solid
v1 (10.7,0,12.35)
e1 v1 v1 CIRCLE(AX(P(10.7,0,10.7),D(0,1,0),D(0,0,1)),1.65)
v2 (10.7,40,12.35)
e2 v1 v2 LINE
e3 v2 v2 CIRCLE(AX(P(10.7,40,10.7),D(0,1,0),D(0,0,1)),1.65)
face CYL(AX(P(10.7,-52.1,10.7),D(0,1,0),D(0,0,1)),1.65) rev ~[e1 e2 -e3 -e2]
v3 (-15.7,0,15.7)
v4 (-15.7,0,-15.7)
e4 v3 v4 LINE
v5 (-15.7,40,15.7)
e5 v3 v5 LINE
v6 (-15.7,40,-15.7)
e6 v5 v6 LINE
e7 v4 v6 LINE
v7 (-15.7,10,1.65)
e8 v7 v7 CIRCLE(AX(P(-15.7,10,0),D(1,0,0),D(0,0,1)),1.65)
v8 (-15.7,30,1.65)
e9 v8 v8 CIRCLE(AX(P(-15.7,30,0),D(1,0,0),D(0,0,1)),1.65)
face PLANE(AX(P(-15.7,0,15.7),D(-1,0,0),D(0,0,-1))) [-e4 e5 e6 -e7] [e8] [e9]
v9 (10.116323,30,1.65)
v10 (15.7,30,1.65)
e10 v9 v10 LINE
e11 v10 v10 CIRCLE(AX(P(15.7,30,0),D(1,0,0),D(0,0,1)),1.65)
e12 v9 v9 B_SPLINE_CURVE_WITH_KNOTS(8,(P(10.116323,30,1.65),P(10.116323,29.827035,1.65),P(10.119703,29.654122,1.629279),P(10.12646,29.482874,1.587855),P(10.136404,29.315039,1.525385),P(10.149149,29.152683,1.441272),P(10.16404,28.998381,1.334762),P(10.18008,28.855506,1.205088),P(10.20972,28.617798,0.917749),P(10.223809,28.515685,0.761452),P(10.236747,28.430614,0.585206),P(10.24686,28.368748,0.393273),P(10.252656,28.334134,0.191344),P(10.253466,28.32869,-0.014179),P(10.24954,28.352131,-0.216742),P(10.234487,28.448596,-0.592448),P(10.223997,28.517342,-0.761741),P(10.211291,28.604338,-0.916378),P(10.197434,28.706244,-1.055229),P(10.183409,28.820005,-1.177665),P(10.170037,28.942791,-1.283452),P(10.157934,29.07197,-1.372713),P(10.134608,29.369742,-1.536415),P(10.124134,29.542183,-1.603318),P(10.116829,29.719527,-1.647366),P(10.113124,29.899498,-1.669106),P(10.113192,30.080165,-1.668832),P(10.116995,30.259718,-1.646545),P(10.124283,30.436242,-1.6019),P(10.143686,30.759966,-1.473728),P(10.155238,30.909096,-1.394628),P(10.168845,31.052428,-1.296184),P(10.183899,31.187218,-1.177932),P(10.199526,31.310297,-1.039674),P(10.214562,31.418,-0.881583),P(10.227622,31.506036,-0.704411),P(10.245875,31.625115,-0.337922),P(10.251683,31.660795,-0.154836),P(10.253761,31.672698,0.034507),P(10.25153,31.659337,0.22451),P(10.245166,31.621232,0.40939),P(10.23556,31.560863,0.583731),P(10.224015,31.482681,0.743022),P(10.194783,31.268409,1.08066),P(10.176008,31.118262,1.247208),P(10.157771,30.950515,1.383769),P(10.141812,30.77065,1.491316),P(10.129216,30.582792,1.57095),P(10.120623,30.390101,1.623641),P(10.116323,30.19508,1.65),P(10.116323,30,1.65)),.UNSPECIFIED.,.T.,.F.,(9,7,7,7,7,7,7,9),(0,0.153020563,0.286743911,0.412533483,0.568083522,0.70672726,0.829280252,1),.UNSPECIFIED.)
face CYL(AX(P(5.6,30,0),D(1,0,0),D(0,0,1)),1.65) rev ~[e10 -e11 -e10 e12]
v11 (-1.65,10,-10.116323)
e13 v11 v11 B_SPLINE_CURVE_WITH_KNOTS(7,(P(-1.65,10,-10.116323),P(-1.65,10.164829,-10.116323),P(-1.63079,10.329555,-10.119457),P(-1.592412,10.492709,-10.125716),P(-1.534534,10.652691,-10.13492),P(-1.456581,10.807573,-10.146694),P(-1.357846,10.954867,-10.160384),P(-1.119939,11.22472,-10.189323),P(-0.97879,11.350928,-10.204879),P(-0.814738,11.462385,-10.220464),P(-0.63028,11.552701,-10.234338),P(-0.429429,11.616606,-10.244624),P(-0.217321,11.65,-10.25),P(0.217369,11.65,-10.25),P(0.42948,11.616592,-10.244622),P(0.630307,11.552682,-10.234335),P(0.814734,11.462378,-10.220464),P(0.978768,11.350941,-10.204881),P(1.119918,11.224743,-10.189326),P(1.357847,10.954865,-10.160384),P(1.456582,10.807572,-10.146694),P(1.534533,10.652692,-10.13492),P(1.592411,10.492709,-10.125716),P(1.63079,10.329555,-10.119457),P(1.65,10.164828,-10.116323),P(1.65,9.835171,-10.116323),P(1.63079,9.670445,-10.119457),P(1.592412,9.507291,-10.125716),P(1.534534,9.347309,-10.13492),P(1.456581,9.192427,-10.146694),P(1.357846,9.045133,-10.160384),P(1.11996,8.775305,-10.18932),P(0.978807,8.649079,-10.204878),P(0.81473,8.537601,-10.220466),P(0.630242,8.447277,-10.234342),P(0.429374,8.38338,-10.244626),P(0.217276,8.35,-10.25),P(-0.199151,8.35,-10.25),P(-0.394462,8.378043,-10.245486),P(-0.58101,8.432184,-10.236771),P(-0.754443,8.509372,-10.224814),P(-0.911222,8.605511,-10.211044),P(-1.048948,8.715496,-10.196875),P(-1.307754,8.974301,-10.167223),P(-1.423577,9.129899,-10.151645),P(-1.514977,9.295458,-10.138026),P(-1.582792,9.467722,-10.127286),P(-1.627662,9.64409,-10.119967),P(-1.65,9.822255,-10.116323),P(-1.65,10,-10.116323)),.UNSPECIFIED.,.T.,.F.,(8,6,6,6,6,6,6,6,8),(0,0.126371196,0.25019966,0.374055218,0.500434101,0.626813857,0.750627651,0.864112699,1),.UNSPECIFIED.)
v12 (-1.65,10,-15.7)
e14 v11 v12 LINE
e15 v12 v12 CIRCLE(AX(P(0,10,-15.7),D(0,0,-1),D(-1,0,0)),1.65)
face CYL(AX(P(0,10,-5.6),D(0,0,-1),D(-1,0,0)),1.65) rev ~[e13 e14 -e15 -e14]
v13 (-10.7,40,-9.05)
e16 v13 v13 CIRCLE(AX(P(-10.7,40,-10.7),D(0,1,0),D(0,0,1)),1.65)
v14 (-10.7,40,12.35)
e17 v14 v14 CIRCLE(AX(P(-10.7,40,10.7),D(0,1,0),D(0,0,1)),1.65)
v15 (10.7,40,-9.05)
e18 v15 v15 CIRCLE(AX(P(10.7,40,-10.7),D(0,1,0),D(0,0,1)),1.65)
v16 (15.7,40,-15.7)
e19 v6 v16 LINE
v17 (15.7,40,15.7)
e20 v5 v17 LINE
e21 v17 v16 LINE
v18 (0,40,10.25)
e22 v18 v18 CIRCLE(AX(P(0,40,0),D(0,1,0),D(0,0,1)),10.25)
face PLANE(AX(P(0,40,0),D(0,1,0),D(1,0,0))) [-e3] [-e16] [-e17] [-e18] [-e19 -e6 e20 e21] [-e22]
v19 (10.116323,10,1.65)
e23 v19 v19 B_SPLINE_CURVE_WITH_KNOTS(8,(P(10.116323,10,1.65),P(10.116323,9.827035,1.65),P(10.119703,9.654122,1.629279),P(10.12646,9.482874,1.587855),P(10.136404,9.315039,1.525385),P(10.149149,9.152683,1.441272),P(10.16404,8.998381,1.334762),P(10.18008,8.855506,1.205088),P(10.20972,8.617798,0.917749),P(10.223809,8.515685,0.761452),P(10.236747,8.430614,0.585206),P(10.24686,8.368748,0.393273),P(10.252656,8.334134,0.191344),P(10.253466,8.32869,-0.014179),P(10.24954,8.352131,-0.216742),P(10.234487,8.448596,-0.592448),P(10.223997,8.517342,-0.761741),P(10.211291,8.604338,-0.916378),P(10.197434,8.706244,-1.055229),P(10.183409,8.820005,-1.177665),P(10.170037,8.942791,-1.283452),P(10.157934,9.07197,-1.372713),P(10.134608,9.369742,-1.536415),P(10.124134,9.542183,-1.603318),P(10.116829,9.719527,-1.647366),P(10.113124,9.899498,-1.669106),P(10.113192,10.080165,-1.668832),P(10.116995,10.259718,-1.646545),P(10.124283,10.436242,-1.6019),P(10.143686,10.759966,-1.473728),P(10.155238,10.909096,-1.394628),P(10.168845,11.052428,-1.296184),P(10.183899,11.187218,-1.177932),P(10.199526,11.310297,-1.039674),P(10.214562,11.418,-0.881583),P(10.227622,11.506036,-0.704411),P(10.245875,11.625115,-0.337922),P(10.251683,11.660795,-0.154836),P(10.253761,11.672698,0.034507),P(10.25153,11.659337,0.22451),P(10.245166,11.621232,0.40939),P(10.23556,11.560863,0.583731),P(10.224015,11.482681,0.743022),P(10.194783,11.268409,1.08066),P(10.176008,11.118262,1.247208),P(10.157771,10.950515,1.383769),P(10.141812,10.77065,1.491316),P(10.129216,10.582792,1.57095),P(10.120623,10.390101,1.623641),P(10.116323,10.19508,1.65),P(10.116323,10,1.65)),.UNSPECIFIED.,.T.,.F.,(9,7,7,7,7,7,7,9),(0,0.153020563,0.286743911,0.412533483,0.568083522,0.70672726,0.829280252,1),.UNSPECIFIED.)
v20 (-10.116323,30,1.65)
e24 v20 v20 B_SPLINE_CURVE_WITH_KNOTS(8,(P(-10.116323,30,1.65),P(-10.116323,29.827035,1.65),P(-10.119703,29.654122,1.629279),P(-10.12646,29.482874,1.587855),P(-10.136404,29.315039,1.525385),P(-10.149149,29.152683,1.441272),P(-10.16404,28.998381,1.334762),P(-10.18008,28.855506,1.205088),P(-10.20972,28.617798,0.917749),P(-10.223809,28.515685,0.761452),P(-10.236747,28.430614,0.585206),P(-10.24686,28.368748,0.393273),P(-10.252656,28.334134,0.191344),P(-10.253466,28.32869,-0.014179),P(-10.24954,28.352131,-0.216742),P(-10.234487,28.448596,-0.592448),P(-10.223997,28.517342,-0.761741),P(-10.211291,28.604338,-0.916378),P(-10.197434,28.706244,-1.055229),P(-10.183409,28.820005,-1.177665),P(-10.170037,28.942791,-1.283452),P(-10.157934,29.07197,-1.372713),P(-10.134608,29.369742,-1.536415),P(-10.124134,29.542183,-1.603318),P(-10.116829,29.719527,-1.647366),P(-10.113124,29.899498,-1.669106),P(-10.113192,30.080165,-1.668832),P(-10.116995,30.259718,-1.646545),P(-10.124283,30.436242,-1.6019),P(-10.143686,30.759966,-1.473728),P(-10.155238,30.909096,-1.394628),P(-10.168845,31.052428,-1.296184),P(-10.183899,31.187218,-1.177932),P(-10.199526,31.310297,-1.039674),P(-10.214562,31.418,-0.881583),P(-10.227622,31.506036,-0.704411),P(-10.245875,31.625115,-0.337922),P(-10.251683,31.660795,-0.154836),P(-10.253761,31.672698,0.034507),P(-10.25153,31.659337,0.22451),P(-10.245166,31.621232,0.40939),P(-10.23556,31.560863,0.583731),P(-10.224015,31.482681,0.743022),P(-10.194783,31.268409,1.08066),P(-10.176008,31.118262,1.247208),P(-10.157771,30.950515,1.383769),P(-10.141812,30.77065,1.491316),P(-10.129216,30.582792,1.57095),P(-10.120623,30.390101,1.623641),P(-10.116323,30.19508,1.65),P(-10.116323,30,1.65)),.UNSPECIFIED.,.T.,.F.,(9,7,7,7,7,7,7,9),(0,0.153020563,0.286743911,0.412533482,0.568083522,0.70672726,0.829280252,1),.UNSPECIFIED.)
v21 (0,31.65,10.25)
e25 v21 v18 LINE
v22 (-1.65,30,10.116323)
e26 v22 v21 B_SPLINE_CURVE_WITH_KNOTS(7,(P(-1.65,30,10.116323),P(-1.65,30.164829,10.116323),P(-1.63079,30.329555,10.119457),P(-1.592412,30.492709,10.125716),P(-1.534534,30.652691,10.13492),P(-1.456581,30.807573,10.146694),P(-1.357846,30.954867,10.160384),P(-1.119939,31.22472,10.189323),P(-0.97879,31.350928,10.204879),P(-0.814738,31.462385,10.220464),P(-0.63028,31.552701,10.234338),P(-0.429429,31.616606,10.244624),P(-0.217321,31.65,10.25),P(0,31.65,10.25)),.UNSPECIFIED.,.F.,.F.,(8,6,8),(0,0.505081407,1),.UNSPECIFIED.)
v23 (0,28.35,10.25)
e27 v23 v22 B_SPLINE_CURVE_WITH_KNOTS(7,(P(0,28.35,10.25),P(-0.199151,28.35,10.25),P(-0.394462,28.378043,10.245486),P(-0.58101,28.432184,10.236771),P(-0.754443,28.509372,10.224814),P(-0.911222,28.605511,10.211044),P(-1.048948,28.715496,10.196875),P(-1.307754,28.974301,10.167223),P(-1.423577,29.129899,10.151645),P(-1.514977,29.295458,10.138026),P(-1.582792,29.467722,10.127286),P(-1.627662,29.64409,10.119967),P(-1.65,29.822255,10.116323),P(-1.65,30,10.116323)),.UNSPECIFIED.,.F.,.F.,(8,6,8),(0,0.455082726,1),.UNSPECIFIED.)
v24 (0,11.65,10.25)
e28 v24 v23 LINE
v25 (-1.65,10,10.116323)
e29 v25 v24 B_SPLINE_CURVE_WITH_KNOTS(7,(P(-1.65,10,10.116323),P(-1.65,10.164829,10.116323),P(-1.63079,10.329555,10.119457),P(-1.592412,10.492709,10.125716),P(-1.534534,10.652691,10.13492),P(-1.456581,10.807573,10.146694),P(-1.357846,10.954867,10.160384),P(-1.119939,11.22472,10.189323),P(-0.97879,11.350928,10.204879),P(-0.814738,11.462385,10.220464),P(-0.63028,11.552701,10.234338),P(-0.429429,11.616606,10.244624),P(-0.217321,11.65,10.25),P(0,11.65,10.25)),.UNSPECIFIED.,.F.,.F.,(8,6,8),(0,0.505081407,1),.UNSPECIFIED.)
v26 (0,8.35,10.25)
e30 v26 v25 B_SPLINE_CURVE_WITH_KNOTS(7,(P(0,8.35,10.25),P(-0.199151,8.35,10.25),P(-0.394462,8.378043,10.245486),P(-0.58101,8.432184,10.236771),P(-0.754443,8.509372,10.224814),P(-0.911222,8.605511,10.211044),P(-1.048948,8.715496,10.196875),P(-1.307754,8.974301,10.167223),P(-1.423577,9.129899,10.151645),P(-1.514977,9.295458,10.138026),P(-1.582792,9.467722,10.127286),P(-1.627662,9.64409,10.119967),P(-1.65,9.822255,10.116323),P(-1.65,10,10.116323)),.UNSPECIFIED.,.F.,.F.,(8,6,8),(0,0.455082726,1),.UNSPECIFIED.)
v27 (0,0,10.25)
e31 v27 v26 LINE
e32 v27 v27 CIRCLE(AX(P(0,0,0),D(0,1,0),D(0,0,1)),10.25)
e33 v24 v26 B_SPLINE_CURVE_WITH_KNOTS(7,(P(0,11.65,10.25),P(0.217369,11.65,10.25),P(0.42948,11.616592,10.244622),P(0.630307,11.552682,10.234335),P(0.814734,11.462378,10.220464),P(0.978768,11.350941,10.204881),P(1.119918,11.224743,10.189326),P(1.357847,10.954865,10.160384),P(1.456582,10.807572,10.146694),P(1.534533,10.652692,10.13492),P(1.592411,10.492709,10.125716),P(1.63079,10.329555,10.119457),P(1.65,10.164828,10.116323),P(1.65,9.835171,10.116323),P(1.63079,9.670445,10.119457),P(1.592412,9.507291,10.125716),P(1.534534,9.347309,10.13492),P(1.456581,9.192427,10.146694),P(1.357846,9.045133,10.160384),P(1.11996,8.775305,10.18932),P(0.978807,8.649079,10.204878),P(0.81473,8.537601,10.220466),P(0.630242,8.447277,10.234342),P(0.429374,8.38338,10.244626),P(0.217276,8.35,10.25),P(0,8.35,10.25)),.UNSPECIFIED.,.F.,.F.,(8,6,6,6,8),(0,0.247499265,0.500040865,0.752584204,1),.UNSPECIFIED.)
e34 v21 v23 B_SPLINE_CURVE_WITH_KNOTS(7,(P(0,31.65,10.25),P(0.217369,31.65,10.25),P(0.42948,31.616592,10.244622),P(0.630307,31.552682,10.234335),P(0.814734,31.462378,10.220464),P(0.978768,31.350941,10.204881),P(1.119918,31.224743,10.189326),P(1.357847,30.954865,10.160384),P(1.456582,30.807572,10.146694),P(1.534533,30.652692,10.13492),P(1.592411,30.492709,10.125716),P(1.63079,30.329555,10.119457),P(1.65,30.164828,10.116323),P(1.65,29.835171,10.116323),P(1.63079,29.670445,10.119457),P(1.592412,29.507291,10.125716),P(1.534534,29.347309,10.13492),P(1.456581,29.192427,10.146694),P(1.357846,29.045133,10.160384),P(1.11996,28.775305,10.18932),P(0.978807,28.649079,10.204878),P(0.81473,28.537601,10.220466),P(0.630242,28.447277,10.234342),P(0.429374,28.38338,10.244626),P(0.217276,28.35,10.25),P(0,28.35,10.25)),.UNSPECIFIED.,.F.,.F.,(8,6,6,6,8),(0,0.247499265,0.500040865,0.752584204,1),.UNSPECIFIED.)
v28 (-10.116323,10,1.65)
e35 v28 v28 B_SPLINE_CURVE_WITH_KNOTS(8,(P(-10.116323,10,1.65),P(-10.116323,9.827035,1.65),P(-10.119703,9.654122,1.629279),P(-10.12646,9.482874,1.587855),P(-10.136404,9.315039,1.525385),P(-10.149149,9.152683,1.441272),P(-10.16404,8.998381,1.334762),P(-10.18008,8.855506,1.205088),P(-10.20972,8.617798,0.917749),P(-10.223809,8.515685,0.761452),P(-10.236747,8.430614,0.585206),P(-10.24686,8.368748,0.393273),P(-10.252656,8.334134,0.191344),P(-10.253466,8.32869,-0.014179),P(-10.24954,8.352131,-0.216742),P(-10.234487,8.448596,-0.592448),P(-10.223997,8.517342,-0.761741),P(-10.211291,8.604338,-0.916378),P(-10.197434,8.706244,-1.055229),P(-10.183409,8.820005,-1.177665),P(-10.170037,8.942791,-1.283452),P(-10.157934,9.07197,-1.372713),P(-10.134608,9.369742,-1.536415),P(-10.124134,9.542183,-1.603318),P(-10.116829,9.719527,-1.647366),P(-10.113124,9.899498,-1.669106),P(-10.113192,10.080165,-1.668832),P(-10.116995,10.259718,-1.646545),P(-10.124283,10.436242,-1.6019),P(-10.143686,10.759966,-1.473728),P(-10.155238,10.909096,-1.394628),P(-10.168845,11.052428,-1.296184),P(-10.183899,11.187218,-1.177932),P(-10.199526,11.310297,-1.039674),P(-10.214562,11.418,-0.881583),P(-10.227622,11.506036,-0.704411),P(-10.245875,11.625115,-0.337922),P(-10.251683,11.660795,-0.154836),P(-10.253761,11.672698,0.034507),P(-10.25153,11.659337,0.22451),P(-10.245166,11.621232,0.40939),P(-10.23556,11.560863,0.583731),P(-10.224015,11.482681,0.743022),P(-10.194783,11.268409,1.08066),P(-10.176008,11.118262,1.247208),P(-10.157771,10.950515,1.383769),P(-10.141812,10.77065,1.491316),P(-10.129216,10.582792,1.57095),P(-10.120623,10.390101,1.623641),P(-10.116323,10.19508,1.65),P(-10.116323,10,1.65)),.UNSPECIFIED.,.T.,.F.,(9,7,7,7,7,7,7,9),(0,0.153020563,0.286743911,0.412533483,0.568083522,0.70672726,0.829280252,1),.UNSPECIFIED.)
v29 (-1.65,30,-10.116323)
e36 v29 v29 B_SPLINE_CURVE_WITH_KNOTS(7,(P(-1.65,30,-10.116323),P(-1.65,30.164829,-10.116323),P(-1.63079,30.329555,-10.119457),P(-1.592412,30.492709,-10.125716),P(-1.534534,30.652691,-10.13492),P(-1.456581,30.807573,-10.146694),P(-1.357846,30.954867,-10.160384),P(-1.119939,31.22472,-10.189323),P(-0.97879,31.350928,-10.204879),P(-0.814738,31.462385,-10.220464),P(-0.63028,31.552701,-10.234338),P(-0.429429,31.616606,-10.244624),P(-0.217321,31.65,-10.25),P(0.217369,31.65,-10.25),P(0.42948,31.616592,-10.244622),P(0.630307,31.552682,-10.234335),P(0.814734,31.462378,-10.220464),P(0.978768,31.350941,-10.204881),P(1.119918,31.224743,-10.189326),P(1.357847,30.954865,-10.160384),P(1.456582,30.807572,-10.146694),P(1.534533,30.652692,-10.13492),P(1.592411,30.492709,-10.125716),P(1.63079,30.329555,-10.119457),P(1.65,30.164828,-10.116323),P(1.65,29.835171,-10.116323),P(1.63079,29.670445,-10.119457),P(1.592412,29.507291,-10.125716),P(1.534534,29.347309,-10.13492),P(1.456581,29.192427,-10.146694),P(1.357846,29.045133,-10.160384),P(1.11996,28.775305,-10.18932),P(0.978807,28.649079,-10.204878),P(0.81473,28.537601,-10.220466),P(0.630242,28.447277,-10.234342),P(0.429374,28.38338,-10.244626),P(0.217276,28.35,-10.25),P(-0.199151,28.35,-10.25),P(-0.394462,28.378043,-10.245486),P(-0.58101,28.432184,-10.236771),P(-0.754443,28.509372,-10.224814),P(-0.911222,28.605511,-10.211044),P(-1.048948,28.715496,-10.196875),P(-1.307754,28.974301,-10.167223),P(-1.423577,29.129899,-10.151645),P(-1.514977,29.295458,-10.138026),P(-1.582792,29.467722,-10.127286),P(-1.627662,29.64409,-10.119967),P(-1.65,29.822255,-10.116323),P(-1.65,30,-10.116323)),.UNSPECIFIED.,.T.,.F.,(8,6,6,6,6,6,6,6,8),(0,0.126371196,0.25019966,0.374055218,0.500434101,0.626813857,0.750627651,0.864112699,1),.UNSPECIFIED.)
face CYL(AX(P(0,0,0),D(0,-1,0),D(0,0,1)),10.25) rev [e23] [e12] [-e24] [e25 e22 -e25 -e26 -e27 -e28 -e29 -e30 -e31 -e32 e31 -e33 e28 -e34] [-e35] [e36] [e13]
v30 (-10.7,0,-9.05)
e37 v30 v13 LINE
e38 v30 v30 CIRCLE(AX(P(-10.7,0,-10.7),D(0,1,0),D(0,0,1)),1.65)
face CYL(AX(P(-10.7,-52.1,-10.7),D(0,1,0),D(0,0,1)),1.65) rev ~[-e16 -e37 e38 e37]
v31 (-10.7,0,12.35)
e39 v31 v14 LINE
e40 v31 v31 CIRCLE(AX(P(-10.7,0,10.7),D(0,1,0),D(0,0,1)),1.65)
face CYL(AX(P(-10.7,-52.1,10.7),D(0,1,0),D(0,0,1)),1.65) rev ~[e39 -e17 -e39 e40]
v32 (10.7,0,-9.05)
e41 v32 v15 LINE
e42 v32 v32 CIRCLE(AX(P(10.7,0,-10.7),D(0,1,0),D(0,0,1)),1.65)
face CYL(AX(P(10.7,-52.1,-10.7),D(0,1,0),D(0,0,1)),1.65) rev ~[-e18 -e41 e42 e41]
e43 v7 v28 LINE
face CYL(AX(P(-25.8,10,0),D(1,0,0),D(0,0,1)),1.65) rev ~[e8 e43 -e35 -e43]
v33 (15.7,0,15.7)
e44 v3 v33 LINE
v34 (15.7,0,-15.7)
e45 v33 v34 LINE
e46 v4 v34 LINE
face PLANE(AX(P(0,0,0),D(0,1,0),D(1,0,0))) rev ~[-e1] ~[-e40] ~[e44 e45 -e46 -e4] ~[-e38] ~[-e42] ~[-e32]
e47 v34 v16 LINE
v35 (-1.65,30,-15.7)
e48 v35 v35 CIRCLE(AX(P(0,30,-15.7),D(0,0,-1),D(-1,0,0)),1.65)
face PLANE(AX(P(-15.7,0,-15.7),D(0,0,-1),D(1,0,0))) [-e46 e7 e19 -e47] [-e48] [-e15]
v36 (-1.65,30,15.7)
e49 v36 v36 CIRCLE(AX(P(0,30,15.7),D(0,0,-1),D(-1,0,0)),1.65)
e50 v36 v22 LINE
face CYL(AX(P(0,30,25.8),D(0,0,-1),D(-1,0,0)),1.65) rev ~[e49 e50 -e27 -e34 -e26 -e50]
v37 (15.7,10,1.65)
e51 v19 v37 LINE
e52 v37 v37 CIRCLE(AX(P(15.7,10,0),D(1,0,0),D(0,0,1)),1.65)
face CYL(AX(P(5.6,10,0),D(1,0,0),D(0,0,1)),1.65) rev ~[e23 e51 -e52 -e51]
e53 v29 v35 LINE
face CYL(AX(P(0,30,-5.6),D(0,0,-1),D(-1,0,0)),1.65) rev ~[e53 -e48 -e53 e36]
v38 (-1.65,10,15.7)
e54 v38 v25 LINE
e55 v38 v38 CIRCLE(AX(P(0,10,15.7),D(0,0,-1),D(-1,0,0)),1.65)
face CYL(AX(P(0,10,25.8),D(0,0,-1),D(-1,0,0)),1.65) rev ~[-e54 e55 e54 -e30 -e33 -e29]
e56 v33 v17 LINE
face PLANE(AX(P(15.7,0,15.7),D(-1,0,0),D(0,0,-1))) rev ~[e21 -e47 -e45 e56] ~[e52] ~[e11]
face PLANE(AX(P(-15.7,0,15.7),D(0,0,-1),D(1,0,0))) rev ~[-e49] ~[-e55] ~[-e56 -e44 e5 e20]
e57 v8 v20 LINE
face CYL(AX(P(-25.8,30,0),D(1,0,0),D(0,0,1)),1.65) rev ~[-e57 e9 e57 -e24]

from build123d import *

# Parameters (mm, degrees)
SKETCH1_W                       = 31.4
SKETCH1_H                       = 31.4
SKETCH1_R                       = 10.25
BOSS_EXTRUDE1_DEPTH             = 40
SKETCH2_R                       = 1.5
CUT_EXTRUDE1_DEPTH              = 40
M4_TAPPED_HOLE1_D               = 3.3
M4_TAPPED_HOLE1_DEPTH           = 10.1
M4_TAPPED_HOLE1_TIP             = 0.991420021
M4_TAPPED_HOLE1_ON_FACE_2_D     = 3.3
M4_TAPPED_HOLE1_ON_FACE_2_DEPTH = 10.1
M4_TAPPED_HOLE1_ON_FACE_2_TIP   = 0.991420021
SKETCH5_R                       = 1.5
CUT_EXTRUDE2_DEPTH              = 40
M4_TAPPED_HOLE2_D               = 3.3
M4_TAPPED_HOLE2_DEPTH           = 10.1
M4_TAPPED_HOLE2_TIP             = 0.991420021
M4_TAPPED_HOLE2_ON_FACE_2_D     = 3.3
M4_TAPPED_HOLE2_ON_FACE_2_DEPTH = 10.1
M4_TAPPED_HOLE2_ON_FACE_2_TIP   = 0.991420021
SKETCH8_R                       = 1.5
CUT_EXTRUDE3_DEPTH              = 30
M4_TAPPED_HOLE3_D               = 3.3
M4_TAPPED_HOLE3_DEPTH           = 52.1
M4_TAPPED_HOLE3_TIP             = 0.991420021


with BuildPart() as part:
    # Sketch1 → Boss-Extrude1 (new body)
    with BuildSketch(Plane(origin=(0, 0, 0), x_dir=(1, 0, 0), z_dir=(0, 1, 0))):
        Rectangle(SKETCH1_W, SKETCH1_H)
        with Locations(Location((0, 0, 0), (0, 0, 270))):
            Circle(SKETCH1_R, mode=Mode.SUBTRACT)
    extrude(amount=BOSS_EXTRUDE1_DEPTH)

    # Sketch2 → Cut-Extrude1 (cut)
    with BuildSketch(Plane(origin=(15.7, 0, 0), x_dir=(0, 0, -1), z_dir=(1, 0, 0))):
        with Locations((0, 30)):
            Circle(SKETCH2_R)
        with Locations((0, 10)):
            Circle(SKETCH2_R)
    extrude(amount=-CUT_EXTRUDE1_DEPTH, mode=Mode.SUBTRACT)

    # M4 Tapped Hole1
    with Locations(Plane(origin=(-15.7, 10, 0), x_dir=(0, 0, -1), z_dir=(-1, 0, 0))):
        with Locations((0, 0), (0, -20)):
            Hole(M4_TAPPED_HOLE1_D / 2, depth=M4_TAPPED_HOLE1_DEPTH)
            with Locations((0, 0, -(M4_TAPPED_HOLE1_DEPTH + M4_TAPPED_HOLE1_TIP / 2))):  # 118° drill point
                Cone(0, M4_TAPPED_HOLE1_D / 2, M4_TAPPED_HOLE1_TIP, mode=Mode.SUBTRACT)

    # M4 Tapped Hole1 on face 2
    with Locations(Plane(origin=(15.7, 30, 0), x_dir=(0, 0, -1), z_dir=(-1, 0, 0))):
        with Locations((0, 0), (0, 20)):
            Hole(M4_TAPPED_HOLE1_ON_FACE_2_D / 2, depth=M4_TAPPED_HOLE1_ON_FACE_2_DEPTH)
            with Locations((0, 0, -(M4_TAPPED_HOLE1_ON_FACE_2_DEPTH + M4_TAPPED_HOLE1_ON_FACE_2_TIP / 2))):  # 118° drill point
                Cone(0, M4_TAPPED_HOLE1_ON_FACE_2_D / 2, M4_TAPPED_HOLE1_ON_FACE_2_TIP, mode=Mode.SUBTRACT)

    # Sketch5 → Cut-Extrude2 (cut)
    with BuildSketch(Plane.XY.offset(15.7)):
        with Locations((0, 30)):
            Circle(SKETCH5_R)
        with Locations((0, 10)):
            Circle(SKETCH5_R)
    extrude(amount=-CUT_EXTRUDE2_DEPTH, mode=Mode.SUBTRACT)

    # M4 Tapped Hole2
    with Locations(Plane(origin=(0, 30, 15.7), x_dir=(1, 0, 0), z_dir=(0, 0, 1))):
        with Locations((0, 0), (0, -20)):
            Hole(M4_TAPPED_HOLE2_D / 2, depth=M4_TAPPED_HOLE2_DEPTH)
            with Locations((0, 0, -(M4_TAPPED_HOLE2_DEPTH + M4_TAPPED_HOLE2_TIP / 2))):  # 118° drill point
                Cone(0, M4_TAPPED_HOLE2_D / 2, M4_TAPPED_HOLE2_TIP, mode=Mode.SUBTRACT)

    # M4 Tapped Hole2 on face 2
    with Locations(Plane(origin=(0, 30, -15.7), x_dir=(1, 0, 0), z_dir=(0, 0, 1))):
        with Locations((0, 0), (0, -20)):
            Hole(M4_TAPPED_HOLE2_ON_FACE_2_D / 2, depth=M4_TAPPED_HOLE2_ON_FACE_2_DEPTH)
            with Locations((0, 0, -(M4_TAPPED_HOLE2_ON_FACE_2_DEPTH + M4_TAPPED_HOLE2_ON_FACE_2_TIP / 2))):  # 118° drill point
                Cone(0, M4_TAPPED_HOLE2_ON_FACE_2_D / 2, M4_TAPPED_HOLE2_ON_FACE_2_TIP, mode=Mode.SUBTRACT)

    # Sketch8 → Cut-Extrude3 (cut)
    with BuildSketch(Plane.XZ):
        with Locations(Location((-10.7, 10.7, 0), (0, 0, 270))):
            Circle(SKETCH8_R)
        with Locations(Location((10.7, 10.7, 0), (0, 0, 90))):
            Circle(SKETCH8_R)
        with Locations(Location((10.7, -10.7, 0), (0, 0, 270))):
            Circle(SKETCH8_R)
        with Locations(Location((-10.7, -10.7, 0), (0, 0, 90))):
            Circle(SKETCH8_R)
    extrude(amount=-CUT_EXTRUDE3_DEPTH, mode=Mode.SUBTRACT)

    # M4 Tapped Hole3
    with Locations(Plane(origin=(-10.7, 0, 10.7), x_dir=(0, 0, -1), z_dir=(0, -1, 0))):
        with Locations((0, 0), (0, 21.4), (21.4, 21.4), (21.4, 0)):
            Hole(M4_TAPPED_HOLE3_D / 2, depth=M4_TAPPED_HOLE3_DEPTH)
            with Locations((0, 0, -(M4_TAPPED_HOLE3_DEPTH + M4_TAPPED_HOLE3_TIP / 2))):  # 118° drill point
                Cone(0, M4_TAPPED_HOLE3_D / 2, M4_TAPPED_HOLE3_TIP, mode=Mode.SUBTRACT)


solid = part.part
